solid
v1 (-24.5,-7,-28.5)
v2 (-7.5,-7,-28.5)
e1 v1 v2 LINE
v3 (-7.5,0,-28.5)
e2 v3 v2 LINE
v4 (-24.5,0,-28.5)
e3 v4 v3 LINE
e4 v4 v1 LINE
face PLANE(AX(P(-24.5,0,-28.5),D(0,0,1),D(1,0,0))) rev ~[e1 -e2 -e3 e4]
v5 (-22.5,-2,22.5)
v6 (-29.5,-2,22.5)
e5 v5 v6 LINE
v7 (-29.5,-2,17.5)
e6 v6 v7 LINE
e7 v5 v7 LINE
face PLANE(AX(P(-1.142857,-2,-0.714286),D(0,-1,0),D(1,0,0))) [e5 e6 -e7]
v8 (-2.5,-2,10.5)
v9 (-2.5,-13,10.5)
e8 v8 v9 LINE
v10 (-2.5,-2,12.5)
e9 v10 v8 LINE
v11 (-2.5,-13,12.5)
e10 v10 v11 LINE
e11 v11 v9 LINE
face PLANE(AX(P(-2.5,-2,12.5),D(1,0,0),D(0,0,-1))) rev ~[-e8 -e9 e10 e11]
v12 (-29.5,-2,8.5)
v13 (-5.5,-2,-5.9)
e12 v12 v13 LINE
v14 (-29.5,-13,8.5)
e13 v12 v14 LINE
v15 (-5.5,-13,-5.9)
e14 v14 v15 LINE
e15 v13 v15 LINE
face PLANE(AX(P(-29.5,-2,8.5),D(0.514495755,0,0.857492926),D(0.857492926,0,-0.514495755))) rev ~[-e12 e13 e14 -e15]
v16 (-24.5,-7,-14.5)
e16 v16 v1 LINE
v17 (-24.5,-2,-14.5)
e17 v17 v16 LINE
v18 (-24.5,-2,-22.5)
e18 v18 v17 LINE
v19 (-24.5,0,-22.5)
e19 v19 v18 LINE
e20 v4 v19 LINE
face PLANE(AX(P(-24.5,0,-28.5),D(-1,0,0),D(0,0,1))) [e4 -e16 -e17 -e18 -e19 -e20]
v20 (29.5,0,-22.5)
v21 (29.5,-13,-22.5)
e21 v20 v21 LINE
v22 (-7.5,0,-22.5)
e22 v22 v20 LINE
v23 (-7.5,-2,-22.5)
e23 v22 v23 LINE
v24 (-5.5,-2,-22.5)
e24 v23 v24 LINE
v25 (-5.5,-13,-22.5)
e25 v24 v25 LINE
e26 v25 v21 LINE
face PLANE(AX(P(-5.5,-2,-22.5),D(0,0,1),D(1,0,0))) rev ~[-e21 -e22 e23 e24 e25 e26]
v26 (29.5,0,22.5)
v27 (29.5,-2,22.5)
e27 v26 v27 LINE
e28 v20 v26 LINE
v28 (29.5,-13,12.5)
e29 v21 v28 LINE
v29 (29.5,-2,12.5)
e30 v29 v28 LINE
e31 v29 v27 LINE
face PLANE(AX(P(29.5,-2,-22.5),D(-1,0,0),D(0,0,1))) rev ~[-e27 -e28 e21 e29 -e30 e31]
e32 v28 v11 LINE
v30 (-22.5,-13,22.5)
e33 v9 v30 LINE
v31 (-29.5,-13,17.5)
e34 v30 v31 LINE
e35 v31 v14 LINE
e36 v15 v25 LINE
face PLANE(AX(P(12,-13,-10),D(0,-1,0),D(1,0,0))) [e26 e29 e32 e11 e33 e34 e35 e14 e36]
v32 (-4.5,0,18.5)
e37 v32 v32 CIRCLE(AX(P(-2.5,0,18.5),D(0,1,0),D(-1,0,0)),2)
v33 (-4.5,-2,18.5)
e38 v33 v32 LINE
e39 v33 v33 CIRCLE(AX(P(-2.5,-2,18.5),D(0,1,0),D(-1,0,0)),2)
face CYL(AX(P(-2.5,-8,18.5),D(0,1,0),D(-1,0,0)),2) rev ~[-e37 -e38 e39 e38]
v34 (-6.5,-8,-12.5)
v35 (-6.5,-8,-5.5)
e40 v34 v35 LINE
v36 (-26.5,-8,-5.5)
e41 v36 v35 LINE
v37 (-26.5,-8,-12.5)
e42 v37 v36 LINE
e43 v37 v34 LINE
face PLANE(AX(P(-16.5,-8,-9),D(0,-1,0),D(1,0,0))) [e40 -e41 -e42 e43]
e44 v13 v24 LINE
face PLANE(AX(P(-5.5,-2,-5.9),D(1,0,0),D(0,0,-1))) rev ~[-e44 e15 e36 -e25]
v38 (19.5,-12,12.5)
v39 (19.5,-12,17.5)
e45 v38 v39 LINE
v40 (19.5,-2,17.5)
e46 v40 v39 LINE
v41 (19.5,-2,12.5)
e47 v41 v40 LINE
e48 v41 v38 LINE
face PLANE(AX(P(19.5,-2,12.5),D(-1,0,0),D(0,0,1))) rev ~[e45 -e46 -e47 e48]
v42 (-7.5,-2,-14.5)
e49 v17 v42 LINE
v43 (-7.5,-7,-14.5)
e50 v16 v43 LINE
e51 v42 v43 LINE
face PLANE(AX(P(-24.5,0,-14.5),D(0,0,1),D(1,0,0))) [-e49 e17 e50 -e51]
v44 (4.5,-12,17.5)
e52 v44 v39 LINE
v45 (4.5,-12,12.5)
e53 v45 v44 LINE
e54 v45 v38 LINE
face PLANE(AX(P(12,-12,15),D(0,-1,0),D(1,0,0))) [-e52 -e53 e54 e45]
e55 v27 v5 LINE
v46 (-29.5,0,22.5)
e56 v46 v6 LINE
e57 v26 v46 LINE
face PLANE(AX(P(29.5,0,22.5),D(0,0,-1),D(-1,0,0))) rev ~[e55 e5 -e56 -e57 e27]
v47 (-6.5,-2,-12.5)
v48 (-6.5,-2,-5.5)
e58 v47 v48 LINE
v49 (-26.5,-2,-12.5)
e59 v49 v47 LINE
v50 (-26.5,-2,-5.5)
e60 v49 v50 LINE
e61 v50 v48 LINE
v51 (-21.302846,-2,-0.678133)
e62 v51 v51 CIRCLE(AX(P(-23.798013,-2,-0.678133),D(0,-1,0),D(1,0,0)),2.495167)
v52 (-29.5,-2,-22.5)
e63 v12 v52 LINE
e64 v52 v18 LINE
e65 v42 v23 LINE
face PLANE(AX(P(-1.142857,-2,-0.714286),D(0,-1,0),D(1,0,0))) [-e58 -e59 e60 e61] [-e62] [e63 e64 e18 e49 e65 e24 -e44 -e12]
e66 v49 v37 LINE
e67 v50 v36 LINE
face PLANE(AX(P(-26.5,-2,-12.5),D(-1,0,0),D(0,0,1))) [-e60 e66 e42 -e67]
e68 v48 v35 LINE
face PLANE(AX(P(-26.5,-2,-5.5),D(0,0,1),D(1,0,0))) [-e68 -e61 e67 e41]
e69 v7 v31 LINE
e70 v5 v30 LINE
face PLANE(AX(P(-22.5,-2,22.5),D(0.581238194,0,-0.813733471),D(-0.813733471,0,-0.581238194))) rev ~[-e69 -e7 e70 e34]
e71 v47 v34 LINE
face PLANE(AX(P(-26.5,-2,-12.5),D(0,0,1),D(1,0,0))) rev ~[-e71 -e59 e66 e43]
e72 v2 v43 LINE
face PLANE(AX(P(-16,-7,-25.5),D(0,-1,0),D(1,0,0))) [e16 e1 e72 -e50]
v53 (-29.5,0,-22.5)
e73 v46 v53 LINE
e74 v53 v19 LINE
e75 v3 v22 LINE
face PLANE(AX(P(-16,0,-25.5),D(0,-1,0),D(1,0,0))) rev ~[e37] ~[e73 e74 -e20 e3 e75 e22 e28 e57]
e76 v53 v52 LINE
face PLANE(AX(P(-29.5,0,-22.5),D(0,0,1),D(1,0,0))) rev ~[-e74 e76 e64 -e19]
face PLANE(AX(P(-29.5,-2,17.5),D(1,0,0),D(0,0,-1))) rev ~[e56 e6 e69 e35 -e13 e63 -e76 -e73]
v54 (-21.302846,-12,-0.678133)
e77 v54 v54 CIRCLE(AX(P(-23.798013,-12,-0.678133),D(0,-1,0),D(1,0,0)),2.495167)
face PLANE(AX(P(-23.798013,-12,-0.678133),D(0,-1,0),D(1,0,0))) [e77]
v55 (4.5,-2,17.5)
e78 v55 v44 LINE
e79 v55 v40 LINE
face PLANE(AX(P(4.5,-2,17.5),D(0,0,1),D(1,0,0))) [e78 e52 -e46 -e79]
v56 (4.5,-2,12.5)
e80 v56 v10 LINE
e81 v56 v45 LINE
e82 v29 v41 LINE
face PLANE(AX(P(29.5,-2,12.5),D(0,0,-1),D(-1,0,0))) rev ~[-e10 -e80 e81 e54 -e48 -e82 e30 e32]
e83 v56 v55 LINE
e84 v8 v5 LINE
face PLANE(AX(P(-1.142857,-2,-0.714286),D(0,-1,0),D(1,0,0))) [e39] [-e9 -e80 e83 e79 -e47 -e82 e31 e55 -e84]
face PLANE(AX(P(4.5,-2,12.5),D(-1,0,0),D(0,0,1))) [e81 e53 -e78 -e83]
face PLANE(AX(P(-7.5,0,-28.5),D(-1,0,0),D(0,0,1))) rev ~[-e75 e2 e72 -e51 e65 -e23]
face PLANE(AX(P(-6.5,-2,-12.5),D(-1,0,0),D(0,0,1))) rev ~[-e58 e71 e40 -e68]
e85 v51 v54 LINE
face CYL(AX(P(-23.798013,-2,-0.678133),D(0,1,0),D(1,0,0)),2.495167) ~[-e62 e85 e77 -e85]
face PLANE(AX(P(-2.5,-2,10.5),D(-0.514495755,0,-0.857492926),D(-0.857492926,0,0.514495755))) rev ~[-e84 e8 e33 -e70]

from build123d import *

# Parameters (mm, degrees)
F0_W     = 17
F0_H     = 6
F1_DEPTH = 2
F3_DEPTH = 11
F2_W     = 15
F2_H     = 5
F4_DEPTH = 10
F5_D     = 4
F5_DEPTH = 6
F2_W_2   = 20
F2_H_2   = 7
F6_DEPTH = 6
F2_R     = 2.495167
F7_DEPTH = 10
F0_H_2   = 8
F8_DEPTH = 7


with BuildPart() as f1:
    # F0 (on Front) → F1 (new body)
    with BuildSketch(Plane.XZ):
        Polygon((29.5, 22.5), (-29.5, 22.5), (-29.5, -22.5), (-24.5, -22.5), (-24.5, -14.5), (-7.5, -14.5), (-7.5, -22.5), (29.5, -22.5), align=None)
        with Locations((-16, -25.5)):
            Rectangle(F0_W, F0_H)
    extrude(amount=F1_DEPTH)

    # F2 (on face) → F3 (join)
    with BuildSketch(Plane.XZ.offset(2)):
        Polygon((-2.5, 2.5), (-5.5, 2.5), (-5.5, -5.9), (-5.5, -22.5), (29.5, -22.5), (29.5, 2.5), align=None)
        Polygon((-5.5, -5.9), (-5.5, 2.5), (-2.5, 2.5), (-2.5, 10.5), (-5.5, 12.3), (-22.5, 22.5), (-29.5, 17.5), (-29.5, 8.5), align=None)
        Polygon((-2.5, 10.5), (-2.5, 2.5), (29.5, 2.5), (29.5, 12.5), (19.5, 12.5), (4.5, 12.5), (-2.5, 12.5), align=None)
    extrude(amount=F3_DEPTH)

    # F2 (on face) → F4 (join)
    with BuildSketch(Plane.XZ.offset(2)):
        with Locations((12, 15)):
            Rectangle(F2_W, F2_H)
    extrude(amount=F4_DEPTH)

    # F5
    with Locations(Plane.XZ.offset(2)):
        with Locations((-2.5, 18.5)):
            Hole(F5_D / 2, depth=F5_DEPTH)

    # F2 (on face) → F6 (join)
    with BuildSketch(Plane.XZ.offset(2)):
        with Locations((-16.5, -9)):
            Rectangle(F2_W_2, F2_H_2)
    extrude(amount=F6_DEPTH)

    # F2 (on face) → F7 (join)
    with BuildSketch(Plane.XZ.offset(2)):
        with Locations((-23.798013, -0.678133)):
            Circle(F2_R)
    extrude(amount=F7_DEPTH)

    # F0 (on Front) → F8 (join)
    with BuildSketch(Plane.XZ):
        with Locations((-16, -25.5)):
            Rectangle(F0_W, F0_H)
        with Locations((-16, -18.5)):
            Rectangle(F0_W, F0_H_2)
    extrude(amount=F8_DEPTH)


solid = f1.part
